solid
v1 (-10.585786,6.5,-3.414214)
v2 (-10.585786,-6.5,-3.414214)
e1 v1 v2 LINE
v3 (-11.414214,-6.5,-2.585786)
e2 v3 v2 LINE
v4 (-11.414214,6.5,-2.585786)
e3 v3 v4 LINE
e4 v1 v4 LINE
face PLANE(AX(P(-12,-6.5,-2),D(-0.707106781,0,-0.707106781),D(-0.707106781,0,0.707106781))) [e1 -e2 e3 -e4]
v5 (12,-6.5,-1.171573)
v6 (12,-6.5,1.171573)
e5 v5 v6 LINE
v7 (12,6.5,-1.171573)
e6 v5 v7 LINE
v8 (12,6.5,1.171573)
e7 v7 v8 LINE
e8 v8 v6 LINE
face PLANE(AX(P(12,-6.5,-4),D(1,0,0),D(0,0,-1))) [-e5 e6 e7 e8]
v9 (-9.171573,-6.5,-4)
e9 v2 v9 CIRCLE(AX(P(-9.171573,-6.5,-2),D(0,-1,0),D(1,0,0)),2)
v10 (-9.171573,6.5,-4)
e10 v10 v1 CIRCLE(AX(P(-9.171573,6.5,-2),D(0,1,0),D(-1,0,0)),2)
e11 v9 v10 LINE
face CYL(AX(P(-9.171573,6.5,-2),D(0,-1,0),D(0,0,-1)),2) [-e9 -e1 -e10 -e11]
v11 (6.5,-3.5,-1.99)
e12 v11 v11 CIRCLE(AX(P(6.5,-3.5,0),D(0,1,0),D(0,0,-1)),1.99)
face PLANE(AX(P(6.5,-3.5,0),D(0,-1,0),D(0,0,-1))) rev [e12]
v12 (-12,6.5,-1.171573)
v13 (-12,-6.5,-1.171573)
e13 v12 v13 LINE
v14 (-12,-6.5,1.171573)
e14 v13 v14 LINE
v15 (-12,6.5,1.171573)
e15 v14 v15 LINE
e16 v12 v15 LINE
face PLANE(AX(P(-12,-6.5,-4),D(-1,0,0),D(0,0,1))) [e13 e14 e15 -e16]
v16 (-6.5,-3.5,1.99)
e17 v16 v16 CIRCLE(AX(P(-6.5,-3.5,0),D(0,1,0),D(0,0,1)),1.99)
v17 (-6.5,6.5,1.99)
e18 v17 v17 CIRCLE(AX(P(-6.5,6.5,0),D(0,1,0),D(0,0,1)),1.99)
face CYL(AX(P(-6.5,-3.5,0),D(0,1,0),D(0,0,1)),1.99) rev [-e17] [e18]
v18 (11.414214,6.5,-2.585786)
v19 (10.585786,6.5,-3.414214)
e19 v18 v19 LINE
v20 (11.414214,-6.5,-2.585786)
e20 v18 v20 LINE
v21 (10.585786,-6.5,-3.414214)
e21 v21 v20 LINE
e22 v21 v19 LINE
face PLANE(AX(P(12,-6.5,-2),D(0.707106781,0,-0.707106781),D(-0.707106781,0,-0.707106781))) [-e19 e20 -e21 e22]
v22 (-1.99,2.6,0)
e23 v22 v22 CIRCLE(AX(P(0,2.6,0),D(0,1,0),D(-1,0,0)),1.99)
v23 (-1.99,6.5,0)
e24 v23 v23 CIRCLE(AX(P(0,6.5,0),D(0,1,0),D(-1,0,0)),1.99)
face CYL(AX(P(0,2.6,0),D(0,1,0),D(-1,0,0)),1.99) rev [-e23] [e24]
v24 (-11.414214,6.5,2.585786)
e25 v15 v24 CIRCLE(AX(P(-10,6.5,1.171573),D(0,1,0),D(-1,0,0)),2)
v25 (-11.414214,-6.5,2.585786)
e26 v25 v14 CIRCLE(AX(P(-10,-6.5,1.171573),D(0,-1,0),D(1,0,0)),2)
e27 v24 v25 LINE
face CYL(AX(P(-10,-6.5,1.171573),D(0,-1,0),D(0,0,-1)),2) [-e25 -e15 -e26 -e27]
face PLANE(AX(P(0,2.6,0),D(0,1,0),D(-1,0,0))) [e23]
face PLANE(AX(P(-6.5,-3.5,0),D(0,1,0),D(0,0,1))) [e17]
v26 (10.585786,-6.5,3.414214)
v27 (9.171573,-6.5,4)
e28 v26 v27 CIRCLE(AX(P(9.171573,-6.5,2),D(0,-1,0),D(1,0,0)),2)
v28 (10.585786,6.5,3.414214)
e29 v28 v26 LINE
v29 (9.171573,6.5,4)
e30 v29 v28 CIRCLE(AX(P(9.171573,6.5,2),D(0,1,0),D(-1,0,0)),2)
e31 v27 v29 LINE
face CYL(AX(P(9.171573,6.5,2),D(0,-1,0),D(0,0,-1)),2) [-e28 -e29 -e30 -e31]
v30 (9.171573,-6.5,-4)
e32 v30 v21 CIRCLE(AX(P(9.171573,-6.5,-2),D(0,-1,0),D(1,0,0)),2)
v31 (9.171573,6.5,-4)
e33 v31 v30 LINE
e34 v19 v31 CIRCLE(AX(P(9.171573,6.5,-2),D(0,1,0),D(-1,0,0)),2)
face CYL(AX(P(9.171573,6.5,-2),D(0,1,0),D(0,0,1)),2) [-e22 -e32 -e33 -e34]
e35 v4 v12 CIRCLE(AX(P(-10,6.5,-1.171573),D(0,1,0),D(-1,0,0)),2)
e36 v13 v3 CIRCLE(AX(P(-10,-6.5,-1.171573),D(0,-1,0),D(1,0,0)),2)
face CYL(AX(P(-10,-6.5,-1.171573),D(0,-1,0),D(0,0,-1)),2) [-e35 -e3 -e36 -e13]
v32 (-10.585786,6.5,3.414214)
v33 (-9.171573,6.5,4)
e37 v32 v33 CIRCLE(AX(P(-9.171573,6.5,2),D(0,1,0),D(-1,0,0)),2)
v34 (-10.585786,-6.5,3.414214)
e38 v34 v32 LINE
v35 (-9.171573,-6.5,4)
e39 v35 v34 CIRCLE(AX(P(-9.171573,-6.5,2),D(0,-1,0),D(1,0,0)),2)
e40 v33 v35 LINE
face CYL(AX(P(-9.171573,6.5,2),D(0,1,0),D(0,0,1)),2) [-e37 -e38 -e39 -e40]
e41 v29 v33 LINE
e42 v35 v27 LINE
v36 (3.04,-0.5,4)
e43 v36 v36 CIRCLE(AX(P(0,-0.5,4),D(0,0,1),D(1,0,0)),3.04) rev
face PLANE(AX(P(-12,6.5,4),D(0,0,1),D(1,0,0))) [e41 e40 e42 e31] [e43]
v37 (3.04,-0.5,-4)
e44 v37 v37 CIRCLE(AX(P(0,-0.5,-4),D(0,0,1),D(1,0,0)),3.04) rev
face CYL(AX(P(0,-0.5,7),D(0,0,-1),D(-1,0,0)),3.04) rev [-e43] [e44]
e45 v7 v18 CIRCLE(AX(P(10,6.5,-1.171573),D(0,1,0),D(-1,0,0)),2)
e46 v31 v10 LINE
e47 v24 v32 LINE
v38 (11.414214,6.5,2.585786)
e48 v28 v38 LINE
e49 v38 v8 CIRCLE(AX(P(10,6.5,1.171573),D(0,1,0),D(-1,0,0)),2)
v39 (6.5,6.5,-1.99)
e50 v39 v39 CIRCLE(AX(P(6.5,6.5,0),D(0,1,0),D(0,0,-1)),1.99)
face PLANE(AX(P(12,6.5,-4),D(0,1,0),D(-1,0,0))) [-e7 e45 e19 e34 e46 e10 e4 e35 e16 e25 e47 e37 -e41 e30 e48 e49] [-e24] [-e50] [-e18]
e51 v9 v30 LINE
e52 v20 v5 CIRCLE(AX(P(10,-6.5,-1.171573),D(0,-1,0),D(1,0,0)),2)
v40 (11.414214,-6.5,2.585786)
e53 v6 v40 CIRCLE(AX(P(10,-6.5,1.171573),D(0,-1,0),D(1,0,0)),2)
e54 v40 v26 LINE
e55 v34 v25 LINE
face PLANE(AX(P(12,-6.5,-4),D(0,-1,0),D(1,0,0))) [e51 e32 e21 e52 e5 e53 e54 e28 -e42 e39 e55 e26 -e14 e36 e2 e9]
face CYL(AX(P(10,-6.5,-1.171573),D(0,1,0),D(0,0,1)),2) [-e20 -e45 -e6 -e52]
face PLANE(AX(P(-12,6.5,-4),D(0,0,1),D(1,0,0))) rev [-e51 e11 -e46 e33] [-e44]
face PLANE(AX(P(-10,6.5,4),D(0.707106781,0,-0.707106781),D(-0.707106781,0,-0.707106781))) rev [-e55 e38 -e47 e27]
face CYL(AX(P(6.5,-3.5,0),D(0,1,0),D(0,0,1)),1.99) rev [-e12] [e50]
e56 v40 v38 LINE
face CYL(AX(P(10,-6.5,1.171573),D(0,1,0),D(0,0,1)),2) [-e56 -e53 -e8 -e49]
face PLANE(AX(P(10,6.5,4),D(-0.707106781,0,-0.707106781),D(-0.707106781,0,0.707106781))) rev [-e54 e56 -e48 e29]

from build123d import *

# Parameters (mm, degrees)
BOSS_EXTRUDE1_DEPTH      = 4
BOSS_EXTRUDE1_DEPTH_BACK = 4
SKETCH1_W                = 24
SKETCH1_H                = 13
CUT_EXTRUDE1_DEPTH       = 7
CUT_EXTRUDE1_DEPTH_BACK  = 7
SKETCH3_R                = 3.04
SKETCH4_R                = 1.99
CUT_EXTRUDE2_DEPTH       = 10
SKETCH5_R                = 1.99
CUT_EXTRUDE4_DEPTH       = 3.9
CHAMFER1_SIZE            = 2
FILLET1_R                = 2


with BuildPart() as part:
    # Sketch1 → Boss-Extrude1 (new, two sides: drawn at the far end of the back side and taken through both)
    with BuildSketch(Plane.XY.offset(-BOSS_EXTRUDE1_DEPTH_BACK)):
        Rectangle(SKETCH1_W, SKETCH1_H)
    extrude(amount=BOSS_EXTRUDE1_DEPTH + BOSS_EXTRUDE1_DEPTH_BACK)

    # Sketch3 → Cut-Extrude1 (cut, two sides: drawn at the far end of the back side and taken through both)
    with BuildSketch(Plane.XY.offset(-CUT_EXTRUDE1_DEPTH_BACK)):
        with Locations((0, -0.5)):
            Circle(SKETCH3_R)
    extrude(amount=CUT_EXTRUDE1_DEPTH + CUT_EXTRUDE1_DEPTH_BACK, mode=Mode.SUBTRACT)

    # Sketch4 → Cut-Extrude2 (cut)
    with BuildSketch(Plane(origin=(0, 6.5, 0), x_dir=(1, 0, 0), z_dir=(0, 1, 0))):
        with Locations((-6.5, 0)):
            Circle(SKETCH4_R)
        with Locations((6.5, 0)):
            Circle(SKETCH4_R)
    extrude(amount=-CUT_EXTRUDE2_DEPTH, mode=Mode.SUBTRACT)

    # Sketch5 → Cut-Extrude4 (cut)
    with BuildSketch(Plane(origin=(0, 6.5, 0), x_dir=(1, 0, 0), z_dir=(0, 1, 0))):
        Circle(SKETCH5_R)
    extrude(amount=-CUT_EXTRUDE4_DEPTH, mode=Mode.SUBTRACT)

    # Chamfer1
    chamfer1_edges = [part.edges().sort_by_distance(p)[0] for p in [
        (12, 0, 4),
        (12, 0, -4),
        (-12, 0, 4),
        (-12, 0, -4),
    ]]
    chamfer(chamfer1_edges, length=CHAMFER1_SIZE)

    # Fillet1
    fillet1_edges = [part.edges().sort_by_distance(p)[0] for p in [
        (10, 0, 4),
        (-10, 0, 4),
        (-12, 0, 2),
        (-12, 0, -2),
        (-10, 0, -4),
        (12, 0, 2),
        (12, 0, -2),
        (10, 0, -4),
    ]]
    fillet(fillet1_edges, radius=FILLET1_R)


solid = part.part
